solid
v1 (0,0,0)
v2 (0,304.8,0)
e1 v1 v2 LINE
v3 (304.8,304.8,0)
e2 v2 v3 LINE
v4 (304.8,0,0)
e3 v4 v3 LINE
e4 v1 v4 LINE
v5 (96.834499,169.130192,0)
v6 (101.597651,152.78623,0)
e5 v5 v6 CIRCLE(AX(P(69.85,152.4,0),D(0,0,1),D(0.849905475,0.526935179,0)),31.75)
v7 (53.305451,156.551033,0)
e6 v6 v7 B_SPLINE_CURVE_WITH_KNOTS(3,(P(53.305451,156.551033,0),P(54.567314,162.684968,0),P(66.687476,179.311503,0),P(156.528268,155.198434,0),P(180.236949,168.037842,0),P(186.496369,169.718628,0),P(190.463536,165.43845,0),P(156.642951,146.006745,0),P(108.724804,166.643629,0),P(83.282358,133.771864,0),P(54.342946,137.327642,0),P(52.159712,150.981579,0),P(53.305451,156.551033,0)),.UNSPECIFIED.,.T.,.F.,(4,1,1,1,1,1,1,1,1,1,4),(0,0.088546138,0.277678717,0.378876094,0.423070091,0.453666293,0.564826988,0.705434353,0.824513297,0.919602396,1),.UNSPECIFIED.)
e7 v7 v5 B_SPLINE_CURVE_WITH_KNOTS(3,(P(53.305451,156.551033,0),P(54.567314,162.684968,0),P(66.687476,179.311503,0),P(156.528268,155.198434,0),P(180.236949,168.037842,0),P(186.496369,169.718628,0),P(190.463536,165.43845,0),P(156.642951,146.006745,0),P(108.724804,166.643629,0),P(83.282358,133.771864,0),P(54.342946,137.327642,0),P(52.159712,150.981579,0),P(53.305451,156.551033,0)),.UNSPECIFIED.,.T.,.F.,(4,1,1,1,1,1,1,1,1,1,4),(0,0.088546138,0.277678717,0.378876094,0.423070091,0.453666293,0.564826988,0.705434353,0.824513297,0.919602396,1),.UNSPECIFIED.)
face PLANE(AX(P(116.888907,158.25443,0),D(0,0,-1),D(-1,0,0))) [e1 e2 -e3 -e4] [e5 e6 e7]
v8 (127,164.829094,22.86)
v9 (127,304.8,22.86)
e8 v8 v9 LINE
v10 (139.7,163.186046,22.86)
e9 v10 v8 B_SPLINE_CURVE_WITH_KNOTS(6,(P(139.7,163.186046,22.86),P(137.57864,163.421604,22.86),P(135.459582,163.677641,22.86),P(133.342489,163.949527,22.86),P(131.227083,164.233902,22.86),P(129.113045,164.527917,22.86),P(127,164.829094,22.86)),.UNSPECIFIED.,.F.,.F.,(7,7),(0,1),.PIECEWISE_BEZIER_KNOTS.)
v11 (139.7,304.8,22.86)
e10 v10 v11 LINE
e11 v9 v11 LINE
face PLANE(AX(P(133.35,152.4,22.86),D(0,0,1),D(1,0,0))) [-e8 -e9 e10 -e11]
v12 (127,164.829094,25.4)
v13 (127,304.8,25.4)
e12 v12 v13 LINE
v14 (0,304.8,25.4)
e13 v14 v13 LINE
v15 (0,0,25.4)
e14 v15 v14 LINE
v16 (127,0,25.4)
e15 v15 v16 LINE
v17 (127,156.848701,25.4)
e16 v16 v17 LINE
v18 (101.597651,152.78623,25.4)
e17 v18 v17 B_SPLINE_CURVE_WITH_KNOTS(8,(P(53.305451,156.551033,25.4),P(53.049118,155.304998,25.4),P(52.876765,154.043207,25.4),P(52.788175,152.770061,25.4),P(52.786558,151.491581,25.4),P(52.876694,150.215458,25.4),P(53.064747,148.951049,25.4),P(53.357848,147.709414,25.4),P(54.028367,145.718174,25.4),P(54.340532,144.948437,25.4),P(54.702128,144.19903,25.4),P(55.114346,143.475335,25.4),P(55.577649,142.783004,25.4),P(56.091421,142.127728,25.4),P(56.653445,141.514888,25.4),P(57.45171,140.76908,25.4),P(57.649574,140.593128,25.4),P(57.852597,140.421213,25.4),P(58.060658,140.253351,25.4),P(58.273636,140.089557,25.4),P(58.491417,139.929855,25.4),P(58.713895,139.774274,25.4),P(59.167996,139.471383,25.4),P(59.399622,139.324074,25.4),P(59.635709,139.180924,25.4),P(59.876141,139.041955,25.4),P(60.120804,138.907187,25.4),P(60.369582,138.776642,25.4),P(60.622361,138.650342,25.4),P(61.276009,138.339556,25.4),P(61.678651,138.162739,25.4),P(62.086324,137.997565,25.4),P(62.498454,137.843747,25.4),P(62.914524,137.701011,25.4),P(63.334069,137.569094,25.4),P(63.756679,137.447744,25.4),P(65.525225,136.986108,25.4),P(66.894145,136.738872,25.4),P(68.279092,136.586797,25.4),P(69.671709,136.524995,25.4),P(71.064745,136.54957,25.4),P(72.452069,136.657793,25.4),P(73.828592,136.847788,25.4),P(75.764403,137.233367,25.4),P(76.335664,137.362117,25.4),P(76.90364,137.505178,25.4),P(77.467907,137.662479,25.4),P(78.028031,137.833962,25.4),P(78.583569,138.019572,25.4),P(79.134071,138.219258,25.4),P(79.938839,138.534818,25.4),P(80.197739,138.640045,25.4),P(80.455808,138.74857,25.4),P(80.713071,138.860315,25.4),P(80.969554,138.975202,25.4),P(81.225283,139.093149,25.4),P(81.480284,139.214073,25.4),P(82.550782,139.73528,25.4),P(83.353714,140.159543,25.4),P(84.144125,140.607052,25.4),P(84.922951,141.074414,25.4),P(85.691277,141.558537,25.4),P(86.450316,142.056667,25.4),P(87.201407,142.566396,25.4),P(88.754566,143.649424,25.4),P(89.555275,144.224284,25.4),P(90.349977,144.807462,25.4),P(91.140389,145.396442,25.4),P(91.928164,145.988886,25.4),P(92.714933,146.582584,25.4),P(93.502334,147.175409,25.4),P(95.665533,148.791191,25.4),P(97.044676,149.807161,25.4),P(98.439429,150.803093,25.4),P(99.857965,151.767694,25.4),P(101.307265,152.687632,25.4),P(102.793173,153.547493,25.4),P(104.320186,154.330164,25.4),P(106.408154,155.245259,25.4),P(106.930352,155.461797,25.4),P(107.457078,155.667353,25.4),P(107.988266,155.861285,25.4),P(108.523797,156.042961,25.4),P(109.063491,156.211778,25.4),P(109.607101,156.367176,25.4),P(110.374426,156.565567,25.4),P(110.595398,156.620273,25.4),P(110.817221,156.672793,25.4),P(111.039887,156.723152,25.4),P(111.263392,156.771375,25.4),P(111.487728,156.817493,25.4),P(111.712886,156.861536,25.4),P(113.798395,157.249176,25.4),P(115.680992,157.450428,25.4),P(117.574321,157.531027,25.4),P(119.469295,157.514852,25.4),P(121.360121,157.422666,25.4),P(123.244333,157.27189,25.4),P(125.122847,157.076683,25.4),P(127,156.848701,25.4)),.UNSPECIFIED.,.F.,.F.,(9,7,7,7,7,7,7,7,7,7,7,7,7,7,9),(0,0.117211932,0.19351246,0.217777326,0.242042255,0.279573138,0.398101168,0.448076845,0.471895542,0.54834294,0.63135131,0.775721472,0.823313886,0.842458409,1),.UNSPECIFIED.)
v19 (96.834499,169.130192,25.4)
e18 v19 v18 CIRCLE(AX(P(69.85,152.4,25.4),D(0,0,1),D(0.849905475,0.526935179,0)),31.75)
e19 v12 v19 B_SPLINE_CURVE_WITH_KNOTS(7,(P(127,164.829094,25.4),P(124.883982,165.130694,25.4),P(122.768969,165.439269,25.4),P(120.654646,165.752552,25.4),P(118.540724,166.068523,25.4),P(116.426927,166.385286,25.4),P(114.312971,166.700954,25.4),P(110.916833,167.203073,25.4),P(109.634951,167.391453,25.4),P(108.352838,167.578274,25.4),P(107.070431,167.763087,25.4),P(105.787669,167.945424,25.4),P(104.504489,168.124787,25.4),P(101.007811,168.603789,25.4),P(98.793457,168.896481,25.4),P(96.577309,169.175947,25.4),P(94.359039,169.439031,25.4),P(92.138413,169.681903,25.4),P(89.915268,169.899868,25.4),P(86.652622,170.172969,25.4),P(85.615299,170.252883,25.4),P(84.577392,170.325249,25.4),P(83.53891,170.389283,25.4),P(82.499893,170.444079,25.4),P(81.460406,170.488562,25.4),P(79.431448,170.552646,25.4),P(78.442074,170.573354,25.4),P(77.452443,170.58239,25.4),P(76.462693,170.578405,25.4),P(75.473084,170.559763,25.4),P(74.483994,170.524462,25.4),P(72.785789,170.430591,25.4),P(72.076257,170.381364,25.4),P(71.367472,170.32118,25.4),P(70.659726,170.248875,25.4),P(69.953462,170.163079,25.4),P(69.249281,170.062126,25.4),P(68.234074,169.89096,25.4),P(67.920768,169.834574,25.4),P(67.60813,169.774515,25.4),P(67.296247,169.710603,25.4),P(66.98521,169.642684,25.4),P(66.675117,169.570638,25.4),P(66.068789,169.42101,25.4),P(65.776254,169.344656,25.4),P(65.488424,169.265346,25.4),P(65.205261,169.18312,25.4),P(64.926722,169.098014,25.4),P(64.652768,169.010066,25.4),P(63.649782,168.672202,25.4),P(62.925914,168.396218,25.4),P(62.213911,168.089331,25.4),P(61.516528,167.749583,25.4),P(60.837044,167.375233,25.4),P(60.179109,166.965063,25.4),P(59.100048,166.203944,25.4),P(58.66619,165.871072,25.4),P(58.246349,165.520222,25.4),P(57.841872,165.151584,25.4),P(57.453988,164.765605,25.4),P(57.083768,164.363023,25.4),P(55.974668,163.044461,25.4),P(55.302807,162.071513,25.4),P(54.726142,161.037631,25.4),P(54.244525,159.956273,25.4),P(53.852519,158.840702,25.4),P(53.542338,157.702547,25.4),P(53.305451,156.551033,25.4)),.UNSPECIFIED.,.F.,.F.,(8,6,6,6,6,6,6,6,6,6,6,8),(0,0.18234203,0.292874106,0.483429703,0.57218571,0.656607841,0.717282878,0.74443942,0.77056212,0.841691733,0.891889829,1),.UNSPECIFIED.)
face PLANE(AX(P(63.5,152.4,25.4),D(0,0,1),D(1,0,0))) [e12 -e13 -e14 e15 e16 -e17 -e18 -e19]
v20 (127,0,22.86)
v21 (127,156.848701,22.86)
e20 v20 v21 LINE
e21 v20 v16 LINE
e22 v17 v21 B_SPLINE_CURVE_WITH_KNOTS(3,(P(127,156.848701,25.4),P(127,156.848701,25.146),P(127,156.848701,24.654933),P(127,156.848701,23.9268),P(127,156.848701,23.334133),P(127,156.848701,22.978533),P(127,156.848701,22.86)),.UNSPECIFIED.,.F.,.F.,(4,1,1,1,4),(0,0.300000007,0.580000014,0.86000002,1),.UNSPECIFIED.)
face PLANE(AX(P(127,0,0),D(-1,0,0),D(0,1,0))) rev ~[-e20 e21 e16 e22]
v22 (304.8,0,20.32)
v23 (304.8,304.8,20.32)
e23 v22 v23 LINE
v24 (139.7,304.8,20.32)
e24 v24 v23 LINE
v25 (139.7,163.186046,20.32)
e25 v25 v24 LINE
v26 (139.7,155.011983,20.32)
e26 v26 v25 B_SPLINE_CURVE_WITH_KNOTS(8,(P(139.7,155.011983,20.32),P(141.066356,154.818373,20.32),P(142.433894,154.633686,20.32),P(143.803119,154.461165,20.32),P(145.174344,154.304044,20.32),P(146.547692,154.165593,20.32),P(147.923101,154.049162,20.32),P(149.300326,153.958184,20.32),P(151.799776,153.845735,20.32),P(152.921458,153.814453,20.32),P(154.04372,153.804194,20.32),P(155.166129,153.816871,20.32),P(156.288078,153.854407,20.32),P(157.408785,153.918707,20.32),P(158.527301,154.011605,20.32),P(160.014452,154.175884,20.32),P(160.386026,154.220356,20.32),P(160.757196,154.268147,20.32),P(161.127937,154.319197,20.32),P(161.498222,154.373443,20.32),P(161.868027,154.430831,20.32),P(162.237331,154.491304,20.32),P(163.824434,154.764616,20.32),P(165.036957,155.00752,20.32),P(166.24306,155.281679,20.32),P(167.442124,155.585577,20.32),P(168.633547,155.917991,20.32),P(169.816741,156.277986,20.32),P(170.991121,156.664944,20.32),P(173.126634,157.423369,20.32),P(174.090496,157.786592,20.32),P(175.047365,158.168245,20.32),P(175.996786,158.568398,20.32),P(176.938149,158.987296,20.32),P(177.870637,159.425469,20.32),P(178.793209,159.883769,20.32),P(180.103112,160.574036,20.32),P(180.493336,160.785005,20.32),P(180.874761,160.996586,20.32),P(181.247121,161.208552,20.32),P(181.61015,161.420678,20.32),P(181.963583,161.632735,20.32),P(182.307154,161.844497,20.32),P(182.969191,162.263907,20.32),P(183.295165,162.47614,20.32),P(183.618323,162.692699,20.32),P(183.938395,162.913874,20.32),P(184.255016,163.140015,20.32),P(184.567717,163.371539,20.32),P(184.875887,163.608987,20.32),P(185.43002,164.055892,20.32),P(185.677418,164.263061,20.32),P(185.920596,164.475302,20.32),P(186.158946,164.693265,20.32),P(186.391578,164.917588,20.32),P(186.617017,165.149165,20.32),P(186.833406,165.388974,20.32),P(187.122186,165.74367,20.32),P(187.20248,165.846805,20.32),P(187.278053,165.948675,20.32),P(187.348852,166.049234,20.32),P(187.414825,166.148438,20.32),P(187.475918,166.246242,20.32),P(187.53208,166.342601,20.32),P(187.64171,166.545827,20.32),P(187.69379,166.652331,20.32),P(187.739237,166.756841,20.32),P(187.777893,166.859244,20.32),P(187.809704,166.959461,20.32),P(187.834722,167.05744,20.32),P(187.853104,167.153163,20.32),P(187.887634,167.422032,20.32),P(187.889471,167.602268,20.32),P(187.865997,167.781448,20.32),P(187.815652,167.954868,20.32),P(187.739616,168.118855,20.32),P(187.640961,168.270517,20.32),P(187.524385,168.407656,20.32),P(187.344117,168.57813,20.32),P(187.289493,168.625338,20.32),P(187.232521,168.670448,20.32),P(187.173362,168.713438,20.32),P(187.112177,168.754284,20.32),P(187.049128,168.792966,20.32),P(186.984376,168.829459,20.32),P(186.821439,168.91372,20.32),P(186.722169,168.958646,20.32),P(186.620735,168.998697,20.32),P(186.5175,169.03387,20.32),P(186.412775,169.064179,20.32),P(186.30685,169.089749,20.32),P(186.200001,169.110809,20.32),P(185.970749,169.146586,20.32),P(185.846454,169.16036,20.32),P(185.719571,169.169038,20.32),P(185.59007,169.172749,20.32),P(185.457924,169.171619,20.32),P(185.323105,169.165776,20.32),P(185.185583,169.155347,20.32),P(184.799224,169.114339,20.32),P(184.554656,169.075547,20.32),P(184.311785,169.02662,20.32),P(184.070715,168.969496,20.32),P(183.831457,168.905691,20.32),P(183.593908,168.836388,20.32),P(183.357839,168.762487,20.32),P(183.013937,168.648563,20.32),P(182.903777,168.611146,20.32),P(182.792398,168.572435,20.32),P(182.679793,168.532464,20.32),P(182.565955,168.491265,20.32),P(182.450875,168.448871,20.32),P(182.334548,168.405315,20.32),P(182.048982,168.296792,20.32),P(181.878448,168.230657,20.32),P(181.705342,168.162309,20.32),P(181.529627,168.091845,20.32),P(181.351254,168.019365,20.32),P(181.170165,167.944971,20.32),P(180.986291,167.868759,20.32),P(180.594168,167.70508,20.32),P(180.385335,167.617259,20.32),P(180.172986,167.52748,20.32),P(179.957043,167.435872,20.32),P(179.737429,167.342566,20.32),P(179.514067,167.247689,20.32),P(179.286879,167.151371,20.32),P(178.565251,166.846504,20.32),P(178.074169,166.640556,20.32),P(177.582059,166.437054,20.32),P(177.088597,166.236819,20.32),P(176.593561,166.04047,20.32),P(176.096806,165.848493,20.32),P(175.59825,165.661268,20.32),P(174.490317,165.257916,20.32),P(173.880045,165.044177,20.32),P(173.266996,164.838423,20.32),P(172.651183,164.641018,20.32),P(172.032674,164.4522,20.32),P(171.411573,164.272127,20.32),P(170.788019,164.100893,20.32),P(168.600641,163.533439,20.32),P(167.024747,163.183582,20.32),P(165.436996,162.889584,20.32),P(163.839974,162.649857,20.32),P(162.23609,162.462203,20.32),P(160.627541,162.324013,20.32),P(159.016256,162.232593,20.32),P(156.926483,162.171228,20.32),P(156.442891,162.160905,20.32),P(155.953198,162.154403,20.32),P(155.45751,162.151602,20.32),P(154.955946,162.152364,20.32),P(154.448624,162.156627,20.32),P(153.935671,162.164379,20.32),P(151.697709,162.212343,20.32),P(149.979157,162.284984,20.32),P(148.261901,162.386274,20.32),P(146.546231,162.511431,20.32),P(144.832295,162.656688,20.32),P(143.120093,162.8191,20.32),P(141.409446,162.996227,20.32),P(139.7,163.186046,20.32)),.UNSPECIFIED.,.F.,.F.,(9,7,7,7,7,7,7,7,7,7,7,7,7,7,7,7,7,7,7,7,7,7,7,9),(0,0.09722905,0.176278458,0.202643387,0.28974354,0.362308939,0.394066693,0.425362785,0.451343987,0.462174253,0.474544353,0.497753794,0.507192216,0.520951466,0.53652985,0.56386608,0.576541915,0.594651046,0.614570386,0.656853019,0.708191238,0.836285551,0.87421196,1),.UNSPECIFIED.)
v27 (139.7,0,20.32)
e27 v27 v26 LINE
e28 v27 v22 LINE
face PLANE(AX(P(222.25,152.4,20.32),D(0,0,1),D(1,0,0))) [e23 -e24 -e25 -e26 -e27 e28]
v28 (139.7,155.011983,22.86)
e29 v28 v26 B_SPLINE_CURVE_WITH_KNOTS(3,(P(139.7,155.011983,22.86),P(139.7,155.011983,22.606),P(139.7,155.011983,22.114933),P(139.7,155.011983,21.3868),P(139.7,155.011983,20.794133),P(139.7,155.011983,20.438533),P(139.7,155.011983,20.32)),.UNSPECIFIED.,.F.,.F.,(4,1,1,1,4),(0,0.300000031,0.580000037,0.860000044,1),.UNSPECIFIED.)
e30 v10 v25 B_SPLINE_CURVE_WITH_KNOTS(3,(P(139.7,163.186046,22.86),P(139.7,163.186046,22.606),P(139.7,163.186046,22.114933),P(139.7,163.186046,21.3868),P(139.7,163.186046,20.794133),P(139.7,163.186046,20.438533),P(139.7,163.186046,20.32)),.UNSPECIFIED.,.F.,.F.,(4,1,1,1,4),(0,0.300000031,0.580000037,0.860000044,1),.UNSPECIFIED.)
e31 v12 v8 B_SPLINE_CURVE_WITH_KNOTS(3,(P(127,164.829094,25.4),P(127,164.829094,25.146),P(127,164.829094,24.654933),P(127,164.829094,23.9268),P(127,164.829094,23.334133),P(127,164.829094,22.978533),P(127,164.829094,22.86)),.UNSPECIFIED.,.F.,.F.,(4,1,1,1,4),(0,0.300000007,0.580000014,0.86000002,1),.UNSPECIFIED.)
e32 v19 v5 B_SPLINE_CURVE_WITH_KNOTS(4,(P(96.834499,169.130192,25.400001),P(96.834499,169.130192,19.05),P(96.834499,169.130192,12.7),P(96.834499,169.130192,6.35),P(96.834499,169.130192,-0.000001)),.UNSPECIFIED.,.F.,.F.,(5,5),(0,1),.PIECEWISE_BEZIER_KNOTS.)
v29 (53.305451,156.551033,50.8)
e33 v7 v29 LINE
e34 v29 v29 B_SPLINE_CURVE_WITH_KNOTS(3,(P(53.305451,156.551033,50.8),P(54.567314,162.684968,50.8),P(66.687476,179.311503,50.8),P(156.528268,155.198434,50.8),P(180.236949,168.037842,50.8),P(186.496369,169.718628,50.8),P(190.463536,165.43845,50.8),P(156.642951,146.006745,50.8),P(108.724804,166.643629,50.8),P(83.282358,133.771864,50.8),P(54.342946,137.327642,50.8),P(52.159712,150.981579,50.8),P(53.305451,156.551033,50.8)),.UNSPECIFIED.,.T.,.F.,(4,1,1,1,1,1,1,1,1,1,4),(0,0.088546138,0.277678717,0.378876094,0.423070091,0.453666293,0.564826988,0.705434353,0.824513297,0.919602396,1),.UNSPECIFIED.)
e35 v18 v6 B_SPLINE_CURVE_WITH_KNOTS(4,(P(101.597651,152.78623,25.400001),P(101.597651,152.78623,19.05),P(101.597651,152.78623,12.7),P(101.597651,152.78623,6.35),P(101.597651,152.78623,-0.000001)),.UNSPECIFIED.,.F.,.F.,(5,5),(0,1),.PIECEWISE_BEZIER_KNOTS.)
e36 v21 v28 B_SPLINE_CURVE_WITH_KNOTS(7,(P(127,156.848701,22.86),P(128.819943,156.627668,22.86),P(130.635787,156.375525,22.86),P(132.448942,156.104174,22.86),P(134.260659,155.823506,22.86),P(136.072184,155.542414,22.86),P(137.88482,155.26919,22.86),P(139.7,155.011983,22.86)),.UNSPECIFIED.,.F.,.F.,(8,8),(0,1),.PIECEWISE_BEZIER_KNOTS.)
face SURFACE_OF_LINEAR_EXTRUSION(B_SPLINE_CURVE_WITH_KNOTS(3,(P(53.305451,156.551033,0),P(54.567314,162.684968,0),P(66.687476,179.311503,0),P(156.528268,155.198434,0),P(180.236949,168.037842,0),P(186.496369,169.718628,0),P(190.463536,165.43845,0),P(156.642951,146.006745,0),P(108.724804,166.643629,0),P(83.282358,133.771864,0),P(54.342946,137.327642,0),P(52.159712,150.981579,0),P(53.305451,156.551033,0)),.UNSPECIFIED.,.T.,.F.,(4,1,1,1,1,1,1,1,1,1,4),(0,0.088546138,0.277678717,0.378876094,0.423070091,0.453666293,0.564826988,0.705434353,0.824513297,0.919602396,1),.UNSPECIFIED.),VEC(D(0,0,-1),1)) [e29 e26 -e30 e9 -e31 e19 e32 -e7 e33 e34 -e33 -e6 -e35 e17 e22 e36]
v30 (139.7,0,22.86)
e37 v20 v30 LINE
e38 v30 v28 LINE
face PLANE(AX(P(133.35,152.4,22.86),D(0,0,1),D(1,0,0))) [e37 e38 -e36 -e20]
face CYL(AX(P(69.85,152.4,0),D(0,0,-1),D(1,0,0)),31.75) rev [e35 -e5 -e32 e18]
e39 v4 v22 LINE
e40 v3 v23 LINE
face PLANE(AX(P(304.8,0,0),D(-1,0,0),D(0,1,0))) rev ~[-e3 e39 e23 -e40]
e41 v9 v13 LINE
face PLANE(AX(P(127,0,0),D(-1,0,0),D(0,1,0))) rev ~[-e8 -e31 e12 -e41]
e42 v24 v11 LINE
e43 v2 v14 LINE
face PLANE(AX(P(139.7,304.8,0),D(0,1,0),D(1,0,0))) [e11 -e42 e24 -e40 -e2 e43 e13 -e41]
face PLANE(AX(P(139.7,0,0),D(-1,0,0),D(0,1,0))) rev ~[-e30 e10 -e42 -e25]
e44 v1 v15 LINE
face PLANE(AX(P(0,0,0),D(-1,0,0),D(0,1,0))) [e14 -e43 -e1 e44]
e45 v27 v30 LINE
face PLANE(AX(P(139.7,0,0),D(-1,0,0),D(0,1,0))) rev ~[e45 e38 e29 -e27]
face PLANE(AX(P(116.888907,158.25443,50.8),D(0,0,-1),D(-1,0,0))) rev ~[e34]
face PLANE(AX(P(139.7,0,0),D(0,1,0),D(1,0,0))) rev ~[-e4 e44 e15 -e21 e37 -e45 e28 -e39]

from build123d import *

# Parameters (mm, degrees)
F0_W     = 127
F0_H     = 304.8
F0_R     = 31.75
F1_DEPTH = 25.4
F0_W_2   = 12.7
F2_DEPTH = 22.86
F0_W_3   = 165.1
F3_DEPTH = 20.32
F5_DEPTH = 50.8


with BuildPart() as f1:
    # F0 (on Top) → F1 (new body)
    with BuildSketch(Plane.XY):
        with Locations((63.5, 152.4)):
            Rectangle(F0_W, F0_H)
        with Locations((69.85, 152.4)):
            Circle(F0_R, mode=Mode.SUBTRACT)
    extrude(amount=F1_DEPTH)

    # F0 (on Top) → F2 (join)
    with BuildSketch(Plane.XY):
        with Locations((133.35, 152.4)):
            Rectangle(F0_W_2, F0_H)
    extrude(amount=F2_DEPTH)

    # F0 (on Top) → F3 (join)
    with BuildSketch(Plane.XY):
        with Locations((222.25, 152.4)):
            Rectangle(F0_W_3, F0_H)
    extrude(amount=F3_DEPTH)

    # F4 (on Top) → F5 (join)
    with BuildSketch(Plane.XY):
        with BuildLine():
            add(Edge.make_bspline(
                [(53.3054508269, 156.5510332584), (54.5673139213, 162.6849676067), (66.6874764715, 179.3115033141), (156.5282681816, 155.1984335447), (180.236948719, 168.0378421995), (186.4963693466, 169.7186284129), (190.4635359255, 165.4384503306), (156.642950558, 146.0067452755), (108.7248038019, 166.6436288048), (83.2823579893, 133.7718637026), (54.3429459776, 137.327642133), (52.1597117612, 150.9815794563), (53.3054508269, 156.5510332584)],
                knots=[0, 0, 0, 0, 0.0885461377, 0.2776787166, 0.3788760939, 0.4230700911, 0.4536662931, 0.5648269876, 0.7054343529, 0.8245132968, 0.9196023962, 1, 1, 1, 1], degree=3))
        make_face()
    extrude(amount=F5_DEPTH)


solid = f1.part
